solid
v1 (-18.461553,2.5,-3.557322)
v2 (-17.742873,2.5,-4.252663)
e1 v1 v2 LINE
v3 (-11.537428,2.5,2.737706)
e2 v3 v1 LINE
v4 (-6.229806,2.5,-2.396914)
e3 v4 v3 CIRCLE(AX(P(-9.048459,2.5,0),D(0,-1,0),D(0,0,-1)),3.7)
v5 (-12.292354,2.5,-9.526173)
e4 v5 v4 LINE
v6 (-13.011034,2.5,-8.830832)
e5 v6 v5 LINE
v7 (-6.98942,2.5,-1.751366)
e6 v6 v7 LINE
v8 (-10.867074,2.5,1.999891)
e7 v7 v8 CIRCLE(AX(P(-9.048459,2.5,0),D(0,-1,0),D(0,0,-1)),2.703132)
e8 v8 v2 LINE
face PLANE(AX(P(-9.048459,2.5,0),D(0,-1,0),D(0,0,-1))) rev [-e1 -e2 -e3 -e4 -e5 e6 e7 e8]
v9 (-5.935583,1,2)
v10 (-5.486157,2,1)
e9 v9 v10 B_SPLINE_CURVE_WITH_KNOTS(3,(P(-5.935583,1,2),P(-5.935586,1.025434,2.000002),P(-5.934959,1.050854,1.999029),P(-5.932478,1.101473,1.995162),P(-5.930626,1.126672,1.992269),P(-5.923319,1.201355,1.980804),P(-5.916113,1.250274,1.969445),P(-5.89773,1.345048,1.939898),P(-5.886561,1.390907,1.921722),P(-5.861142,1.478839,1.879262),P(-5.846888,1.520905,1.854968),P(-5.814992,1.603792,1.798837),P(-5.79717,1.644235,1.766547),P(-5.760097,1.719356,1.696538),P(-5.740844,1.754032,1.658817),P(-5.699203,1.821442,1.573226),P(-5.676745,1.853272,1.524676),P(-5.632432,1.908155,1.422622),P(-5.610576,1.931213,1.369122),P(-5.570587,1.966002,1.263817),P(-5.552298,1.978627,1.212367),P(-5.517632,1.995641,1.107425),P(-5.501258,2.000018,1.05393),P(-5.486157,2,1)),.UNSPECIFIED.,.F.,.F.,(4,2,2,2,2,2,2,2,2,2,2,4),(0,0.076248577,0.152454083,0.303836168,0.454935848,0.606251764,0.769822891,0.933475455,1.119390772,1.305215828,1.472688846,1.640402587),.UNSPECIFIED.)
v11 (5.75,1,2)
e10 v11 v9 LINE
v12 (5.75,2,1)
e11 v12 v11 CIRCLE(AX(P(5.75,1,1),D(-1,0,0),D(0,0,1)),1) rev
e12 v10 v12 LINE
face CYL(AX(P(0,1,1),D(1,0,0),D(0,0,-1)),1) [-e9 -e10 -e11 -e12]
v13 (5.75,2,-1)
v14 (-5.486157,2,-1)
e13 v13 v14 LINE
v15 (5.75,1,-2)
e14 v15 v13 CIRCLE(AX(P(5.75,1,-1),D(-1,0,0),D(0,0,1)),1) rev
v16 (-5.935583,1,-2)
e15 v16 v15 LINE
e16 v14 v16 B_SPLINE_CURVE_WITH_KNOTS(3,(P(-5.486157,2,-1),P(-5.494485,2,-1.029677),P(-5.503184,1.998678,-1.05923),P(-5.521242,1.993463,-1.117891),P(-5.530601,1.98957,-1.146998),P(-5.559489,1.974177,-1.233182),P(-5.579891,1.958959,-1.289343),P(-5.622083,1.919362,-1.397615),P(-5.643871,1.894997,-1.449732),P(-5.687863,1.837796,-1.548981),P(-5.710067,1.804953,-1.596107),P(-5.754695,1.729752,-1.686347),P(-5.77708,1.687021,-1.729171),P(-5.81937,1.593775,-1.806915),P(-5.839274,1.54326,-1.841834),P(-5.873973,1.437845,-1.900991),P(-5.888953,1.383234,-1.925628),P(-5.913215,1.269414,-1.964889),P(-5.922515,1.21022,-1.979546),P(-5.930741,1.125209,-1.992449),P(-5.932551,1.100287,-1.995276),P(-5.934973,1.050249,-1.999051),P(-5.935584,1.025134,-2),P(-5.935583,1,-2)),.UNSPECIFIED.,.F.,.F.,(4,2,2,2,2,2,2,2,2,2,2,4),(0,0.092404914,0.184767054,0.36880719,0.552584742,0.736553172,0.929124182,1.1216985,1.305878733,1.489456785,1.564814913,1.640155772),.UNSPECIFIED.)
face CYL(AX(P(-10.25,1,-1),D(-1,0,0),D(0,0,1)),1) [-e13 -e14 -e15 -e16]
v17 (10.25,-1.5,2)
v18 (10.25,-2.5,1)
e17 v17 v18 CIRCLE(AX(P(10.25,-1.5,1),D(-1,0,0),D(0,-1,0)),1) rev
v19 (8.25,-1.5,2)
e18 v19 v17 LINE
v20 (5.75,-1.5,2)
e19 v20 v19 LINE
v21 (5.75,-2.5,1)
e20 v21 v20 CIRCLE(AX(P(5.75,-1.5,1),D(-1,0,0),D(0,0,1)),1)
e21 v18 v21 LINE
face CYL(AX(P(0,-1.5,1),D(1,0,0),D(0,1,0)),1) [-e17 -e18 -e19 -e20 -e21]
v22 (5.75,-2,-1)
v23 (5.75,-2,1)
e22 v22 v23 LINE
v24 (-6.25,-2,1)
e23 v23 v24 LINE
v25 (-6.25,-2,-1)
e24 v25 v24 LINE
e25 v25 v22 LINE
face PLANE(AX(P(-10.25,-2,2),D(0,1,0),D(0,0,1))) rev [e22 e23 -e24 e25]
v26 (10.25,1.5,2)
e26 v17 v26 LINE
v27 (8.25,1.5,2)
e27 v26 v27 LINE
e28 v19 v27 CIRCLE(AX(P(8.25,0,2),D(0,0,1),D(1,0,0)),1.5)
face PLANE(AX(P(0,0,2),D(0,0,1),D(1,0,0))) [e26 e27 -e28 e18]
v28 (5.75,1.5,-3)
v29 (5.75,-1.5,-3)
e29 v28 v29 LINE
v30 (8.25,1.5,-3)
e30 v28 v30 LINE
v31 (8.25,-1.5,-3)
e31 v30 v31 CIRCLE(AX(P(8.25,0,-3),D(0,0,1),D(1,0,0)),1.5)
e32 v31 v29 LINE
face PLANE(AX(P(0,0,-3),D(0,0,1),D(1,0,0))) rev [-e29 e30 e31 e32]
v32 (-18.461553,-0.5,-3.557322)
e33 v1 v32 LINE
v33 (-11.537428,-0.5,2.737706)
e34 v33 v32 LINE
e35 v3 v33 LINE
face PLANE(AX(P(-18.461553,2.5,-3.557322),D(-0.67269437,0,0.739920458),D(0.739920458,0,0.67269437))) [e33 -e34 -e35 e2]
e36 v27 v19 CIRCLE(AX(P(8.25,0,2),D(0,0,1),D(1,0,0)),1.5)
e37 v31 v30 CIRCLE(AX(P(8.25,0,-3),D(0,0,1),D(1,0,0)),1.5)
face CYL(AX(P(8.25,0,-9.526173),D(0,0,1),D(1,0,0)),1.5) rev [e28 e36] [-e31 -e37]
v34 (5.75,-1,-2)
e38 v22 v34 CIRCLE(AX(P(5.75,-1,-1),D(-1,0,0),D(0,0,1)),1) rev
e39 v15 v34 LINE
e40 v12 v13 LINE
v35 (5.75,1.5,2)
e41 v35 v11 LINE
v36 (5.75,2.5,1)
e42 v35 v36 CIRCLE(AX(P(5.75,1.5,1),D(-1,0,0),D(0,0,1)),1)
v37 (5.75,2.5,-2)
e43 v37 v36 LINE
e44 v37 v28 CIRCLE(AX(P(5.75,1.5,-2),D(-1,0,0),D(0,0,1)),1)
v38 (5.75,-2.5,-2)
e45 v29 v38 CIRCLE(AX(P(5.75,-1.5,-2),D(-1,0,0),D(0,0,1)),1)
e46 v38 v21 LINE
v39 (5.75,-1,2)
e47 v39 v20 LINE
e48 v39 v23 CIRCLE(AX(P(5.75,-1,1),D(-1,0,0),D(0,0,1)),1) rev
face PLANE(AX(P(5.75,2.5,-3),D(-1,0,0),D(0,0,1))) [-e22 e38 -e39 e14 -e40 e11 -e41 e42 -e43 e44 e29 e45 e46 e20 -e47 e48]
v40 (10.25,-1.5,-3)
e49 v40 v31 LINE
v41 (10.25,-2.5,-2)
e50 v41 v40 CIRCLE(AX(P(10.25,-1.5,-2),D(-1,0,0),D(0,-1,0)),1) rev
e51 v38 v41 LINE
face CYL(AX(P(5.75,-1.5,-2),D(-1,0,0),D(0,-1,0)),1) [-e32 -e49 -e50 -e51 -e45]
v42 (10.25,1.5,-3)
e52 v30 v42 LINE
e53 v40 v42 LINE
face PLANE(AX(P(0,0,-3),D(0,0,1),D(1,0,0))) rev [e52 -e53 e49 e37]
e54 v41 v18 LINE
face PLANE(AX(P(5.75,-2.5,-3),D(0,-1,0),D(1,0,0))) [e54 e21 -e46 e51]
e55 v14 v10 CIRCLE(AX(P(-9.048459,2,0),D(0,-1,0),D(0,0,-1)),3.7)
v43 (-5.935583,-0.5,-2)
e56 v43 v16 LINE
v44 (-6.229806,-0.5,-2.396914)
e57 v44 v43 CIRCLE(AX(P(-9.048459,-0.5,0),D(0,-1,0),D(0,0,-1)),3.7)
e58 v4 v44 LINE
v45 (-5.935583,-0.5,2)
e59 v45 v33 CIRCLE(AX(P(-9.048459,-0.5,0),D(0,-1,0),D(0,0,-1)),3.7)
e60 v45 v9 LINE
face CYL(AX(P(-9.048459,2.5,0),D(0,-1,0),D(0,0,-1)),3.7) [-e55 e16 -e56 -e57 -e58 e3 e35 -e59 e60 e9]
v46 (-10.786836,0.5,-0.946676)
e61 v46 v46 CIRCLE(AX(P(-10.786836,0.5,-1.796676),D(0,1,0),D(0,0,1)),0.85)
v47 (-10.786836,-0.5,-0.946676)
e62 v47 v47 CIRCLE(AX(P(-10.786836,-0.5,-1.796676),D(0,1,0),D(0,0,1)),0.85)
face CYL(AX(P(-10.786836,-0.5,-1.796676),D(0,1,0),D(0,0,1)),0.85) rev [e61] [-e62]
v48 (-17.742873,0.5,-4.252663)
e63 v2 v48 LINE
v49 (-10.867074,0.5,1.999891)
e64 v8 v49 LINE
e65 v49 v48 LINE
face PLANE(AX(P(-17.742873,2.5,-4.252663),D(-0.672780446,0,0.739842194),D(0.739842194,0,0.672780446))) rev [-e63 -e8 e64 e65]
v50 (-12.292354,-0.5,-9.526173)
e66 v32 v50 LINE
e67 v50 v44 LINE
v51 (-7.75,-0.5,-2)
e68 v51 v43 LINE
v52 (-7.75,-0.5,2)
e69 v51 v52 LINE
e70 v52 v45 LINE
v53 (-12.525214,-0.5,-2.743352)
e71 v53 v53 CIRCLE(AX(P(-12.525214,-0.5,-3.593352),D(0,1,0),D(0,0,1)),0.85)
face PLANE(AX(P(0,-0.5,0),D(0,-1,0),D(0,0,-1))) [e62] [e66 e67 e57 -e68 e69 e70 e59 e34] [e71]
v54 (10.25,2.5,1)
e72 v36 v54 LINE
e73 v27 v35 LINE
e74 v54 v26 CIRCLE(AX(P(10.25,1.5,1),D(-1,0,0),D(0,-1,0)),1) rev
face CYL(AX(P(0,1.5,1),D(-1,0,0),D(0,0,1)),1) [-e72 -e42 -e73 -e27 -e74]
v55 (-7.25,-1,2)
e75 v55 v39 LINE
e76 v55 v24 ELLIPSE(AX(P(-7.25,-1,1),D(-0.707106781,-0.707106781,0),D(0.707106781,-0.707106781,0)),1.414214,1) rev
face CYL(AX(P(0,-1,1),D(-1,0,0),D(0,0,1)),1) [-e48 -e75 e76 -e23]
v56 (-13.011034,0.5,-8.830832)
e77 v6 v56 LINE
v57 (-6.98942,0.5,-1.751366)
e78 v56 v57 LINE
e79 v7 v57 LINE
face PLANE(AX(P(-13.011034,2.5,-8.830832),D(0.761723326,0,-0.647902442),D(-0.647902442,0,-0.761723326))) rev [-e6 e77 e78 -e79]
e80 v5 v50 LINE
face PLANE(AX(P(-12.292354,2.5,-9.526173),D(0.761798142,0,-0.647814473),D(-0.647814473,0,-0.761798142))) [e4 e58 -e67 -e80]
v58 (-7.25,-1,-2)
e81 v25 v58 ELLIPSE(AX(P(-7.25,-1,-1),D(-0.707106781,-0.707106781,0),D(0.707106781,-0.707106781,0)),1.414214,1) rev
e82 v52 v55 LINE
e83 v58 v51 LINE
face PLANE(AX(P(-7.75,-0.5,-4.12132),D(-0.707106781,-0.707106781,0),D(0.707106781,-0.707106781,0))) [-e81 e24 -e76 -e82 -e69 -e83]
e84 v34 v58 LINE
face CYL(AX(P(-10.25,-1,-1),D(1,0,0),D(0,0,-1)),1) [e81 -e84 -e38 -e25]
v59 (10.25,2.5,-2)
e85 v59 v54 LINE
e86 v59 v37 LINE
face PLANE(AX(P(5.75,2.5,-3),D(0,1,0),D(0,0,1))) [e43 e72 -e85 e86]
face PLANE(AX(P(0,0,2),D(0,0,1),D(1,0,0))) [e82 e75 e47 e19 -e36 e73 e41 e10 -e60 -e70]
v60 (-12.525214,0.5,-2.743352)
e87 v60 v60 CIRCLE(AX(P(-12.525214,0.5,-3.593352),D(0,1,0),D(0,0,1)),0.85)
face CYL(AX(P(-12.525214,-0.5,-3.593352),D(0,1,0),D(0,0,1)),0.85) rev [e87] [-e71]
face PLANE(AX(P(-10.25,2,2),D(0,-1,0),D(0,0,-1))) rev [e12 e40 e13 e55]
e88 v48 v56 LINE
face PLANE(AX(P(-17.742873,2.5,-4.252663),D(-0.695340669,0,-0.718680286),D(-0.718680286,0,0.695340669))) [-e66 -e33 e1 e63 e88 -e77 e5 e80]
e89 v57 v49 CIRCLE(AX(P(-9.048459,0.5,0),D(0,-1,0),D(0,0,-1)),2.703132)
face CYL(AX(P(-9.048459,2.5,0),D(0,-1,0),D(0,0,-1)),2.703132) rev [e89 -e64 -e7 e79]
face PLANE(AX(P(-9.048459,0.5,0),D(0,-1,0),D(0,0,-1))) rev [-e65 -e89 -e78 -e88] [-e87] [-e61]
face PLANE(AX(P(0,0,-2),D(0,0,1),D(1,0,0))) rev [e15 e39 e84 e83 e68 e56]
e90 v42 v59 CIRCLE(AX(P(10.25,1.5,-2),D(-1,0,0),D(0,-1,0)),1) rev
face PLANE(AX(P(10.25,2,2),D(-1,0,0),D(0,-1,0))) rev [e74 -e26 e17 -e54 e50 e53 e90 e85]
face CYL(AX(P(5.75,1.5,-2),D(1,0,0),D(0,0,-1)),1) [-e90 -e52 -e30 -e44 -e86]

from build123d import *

# Parameters (mm, degrees)
SKETCH_1_W                = 20.5
SKETCH_1_H                = 4
EXTRUDE_1_DEPTH           = 2
SKETCH_2_R                = 0.85
CUT_EXTRUDE_1_DEPTH       = 13
SKETCH_3_R                = 0.8
CUT_EXTRUDE_2_DEPTH       = 3
FILLET_1_R                = 1
SKETCH_4_W                = 4
SKETCH_4_H                = 4
CUT_EXTRUDE_5_DEPTH       = 1.5
CUT_EXTRUDE_6_DEPTH       = 1.5
SKETCH_7_W                = 1
SKETCH_7_H                = 4
EXTRUDE_2_DEPTH           = 1
FILLET_2_R                = 1
EXTRUDE_3_DEPTH           = 3
CUT_EXTRUDE_7_DEPTH       = 3
EXTRUDE_4_DEPTH           = 1
SKETCH_10_R               = 0.85
CUT_EXTRUDE_8_DEPTH       = 1
EXTRUDE_5_REACH           = 23.907
CUT_EXTRUDE_9_DEPTH       = 20.215826188
EXTRUDE_6_DEPTH           = 5
CUT_EXTRUDE_10_DEPTH      = 22.907341564
CUT_EXTRUDE_10_DEPTH_BACK = 22.907341564
SKETCH_14_R               = 1.5
FILLET_3_R                = 1


with BuildPart() as part:
    # 草图1 → 凸台-拉伸1 (new, symmetric)
    with BuildSketch(Plane.XY):
        Rectangle(SKETCH_1_W, SKETCH_1_H)
    extrude(amount=EXTRUDE_1_DEPTH, both=True)

    # 草图2 → 切除-拉伸1 (cut)
    with BuildSketch(Plane.XZ.offset(2)):
        with Locations(Location((-9.048459148, 0, 0), (0, 0, 270))):
            Circle(SKETCH_2_R)
    extrude(amount=-CUT_EXTRUDE_1_DEPTH, mode=Mode.SUBTRACT)

    # 草图3 → 切除-拉伸2 (cut)
    with BuildSketch(Plane.XY.offset(2)):
        with Locations((8.25, 0)):
            Circle(SKETCH_3_R)
    extrude(amount=-CUT_EXTRUDE_2_DEPTH, mode=Mode.SUBTRACT)

    # 圆角1
    fillet_1_edges = [part.edges().sort_by_distance(p)[0] for p in [
        (0, -2, 2),
        (0, -2, -2),
        (0, 2, -2),
        (0, 2, 2),
    ]]
    fillet(fillet_1_edges, radius=FILLET_1_R)

    # 草图4 → 切除-拉伸5 (cut)
    with BuildSketch(Plane.XZ.offset(2)):
        with Locations((-8.25, 0)):
            Rectangle(SKETCH_4_W, SKETCH_4_H)
    extrude(amount=-CUT_EXTRUDE_5_DEPTH, mode=Mode.SUBTRACT)

    # 草图5 → 切除-拉伸6 (cut)
    with BuildSketch(Plane(origin=(0, 2, 0), x_dir=(1, 0, 0), z_dir=(0, 1, 0))):
        Polygon((-6.25, 0), (-6.25, 2), (-10.25, 2), (-10.25, -2), (-6.25, -2), align=None)
    extrude(amount=-CUT_EXTRUDE_6_DEPTH, mode=Mode.SUBTRACT)

    # 草图7 → 凸台-拉伸2 (add)
    with BuildSketch(Plane.XZ.offset(0.5)):
        with Locations((-10.75, 0)):
            Rectangle(SKETCH_7_W, SKETCH_7_H)
    extrude(amount=-EXTRUDE_2_DEPTH)

    # 圆角2
    fillet_2_edges = [part.edges().sort_by_distance(p)[0] for p in [
        (-11.25, 0, 2),
        (-11.25, 0, -2),
    ]]
    fillet(fillet_2_edges, radius=FILLET_2_R)

    # 草图8 → 凸台-拉伸3 (add)
    with BuildSketch(Plane.XZ.offset(0.5)):
        with BuildLine():
            Line((-13.011033862, -8.830832343), (-6.991216755, -1.748643399))
            ThreePointArc((-6.991216755, -1.748643399), (-7.171159983, 1.940553489), (-10.864293035, 1.998186001))
            Line((-10.864293035, 1.998186001), (-17.742872996, -4.252662808))
            Line((-17.742872996, -4.252662808), (-18.461553282, -3.557322138))
            Line((-18.461553282, -3.557322138), (-11.537428317, 2.737705696))
            ThreePointArc((-11.537428317, 2.737705696), (-6.475862877, 2.659275921), (-6.229806023, -2.396913549))
            Line((-6.229806023, -2.396913549), (-12.292353576, -9.526173013))
            Line((-12.292353576, -9.526173013), (-13.011033862, -8.830832343))
        make_face()
    extrude(amount=-EXTRUDE_3_DEPTH)

    # 草图9 → 切除-拉伸7 (cut)
    with BuildSketch(Plane.XZ.offset(0.5)):
        with BuildLine():
            Line((-13.011033862, -8.830832343), (-6.989420262, -1.751365983))
            ThreePointArc((-6.989420262, -1.751365983), (-7.168982159, 1.942804723), (-10.867073667, 1.999891291))
            Line((-10.867073667, 1.999891291), (-17.742872996, -4.252662808))
            Line((-17.742872996, -4.252662808), (-13.011033862, -8.830832343))
        make_face()
    extrude(amount=-CUT_EXTRUDE_7_DEPTH, mode=Mode.SUBTRACT)

    # 草图9<2> → 凸台-拉伸4 (add)
    with BuildSketch(Plane.XZ.offset(0.5)):
        with BuildLine():
            Line((-13.011033862, -8.830832343), (-6.989420262, -1.751365983))
            ThreePointArc((-6.989420262, -1.751365983), (-7.168982159, 1.942804723), (-10.867073667, 1.999891291))
            Line((-10.867073667, 1.999891291), (-17.742872996, -4.252662808))
            Line((-17.742872996, -4.252662808), (-13.011033862, -8.830832343))
        make_face()
    extrude(amount=-EXTRUDE_4_DEPTH)

    # 草图10 → 切除-拉伸8 (cut)
    with BuildSketch(Plane(origin=(0, 0.5, 0), x_dir=(1, 0, 0), z_dir=(0, 1, 0))):
        with Locations(Location((-10.786836392, 1.796675975, 0), (0, 0, 270))):
            Circle(SKETCH_10_R)
        with Locations(Location((-12.525213635, 3.59335195, 0), (0, 0, 270))):
            Circle(SKETCH_10_R)
    extrude(amount=-CUT_EXTRUDE_8_DEPTH, mode=Mode.SUBTRACT)

    # 凸台-拉伸5: up to this face of the body (flat: up to its plane)
    extrude_5_end = Plane(part.part.faces().sort_by_distance((2.117336662, -0.003624728, -2))[0])
    # 草图11 → 凸台-拉伸5 (add, up to the picked face)
    with BuildSketch(Plane.XY.offset(2), mode=Mode.PRIVATE) as extrude_5_sk1:
        Polygon((-6.25, -2), (-6.25, -0.5), (-7.75, -0.5), align=None)
    extrude_5_tool1 = split(extrude(extrude_5_sk1.sketch, amount=-EXTRUDE_5_REACH, mode=Mode.PRIVATE), bisect_by=extrude_5_end, keep=Keep.BOTH, mode=Mode.PRIVATE)
    add(extrude_5_tool1.solids().sort_by(Axis((-6.75, -1, 2), (0, 0, -1)))[0])

    # 草图12 → 切除-拉伸9 (cut, through all)
    with BuildSketch(Plane(origin=(-6.25, 0, 0), x_dir=(0, 0, -1), z_dir=(1, 0, 0))):
        with BuildLine():
            Line((2, -1), (2, -2))
            Line((2, -2), (1, -2))
            ThreePointArc((1, -2), (1.707106781, -1.707106781), (2, -1))
        make_face()
        with BuildLine():
            Line((-1, -2), (-2, -2))
            Line((-2, -2), (-2, -1))
            ThreePointArc((-2, -1), (-1.707106781, -1.707106781), (-1, -2))
        make_face()
    extrude(amount=-CUT_EXTRUDE_9_DEPTH, mode=Mode.SUBTRACT)

    # 草图13 → 凸台-拉伸6 (add)
    with BuildSketch(Plane.XY.offset(2)):
        Polygon((10.25, -2), (10.25, 2.5), (5.75, 2.5), (5.75, -2.5), (10.25, -2.5), align=None)
    extrude(amount=-EXTRUDE_6_DEPTH)

    # 草图14 → 切除-拉伸10 (cut, two sides: drawn at the far end of the back side and taken through both)
    with BuildSketch(Plane.XY.offset(2).offset(-CUT_EXTRUDE_10_DEPTH_BACK)):
        with Locations((8.25, 0)):
            Circle(SKETCH_14_R)
    extrude(amount=CUT_EXTRUDE_10_DEPTH + CUT_EXTRUDE_10_DEPTH_BACK, mode=Mode.SUBTRACT)

    # 圆角3
    fillet_3_edges = [part.edges().sort_by_distance(p)[0] for p in [
        (8, 2.5, 2),
        (8, -2.5, 2),
        (8, 2.5, -3),
        (8, -2.5, -3),
    ]]
    fillet(fillet_3_edges, radius=FILLET_3_R)


solid = part.part
